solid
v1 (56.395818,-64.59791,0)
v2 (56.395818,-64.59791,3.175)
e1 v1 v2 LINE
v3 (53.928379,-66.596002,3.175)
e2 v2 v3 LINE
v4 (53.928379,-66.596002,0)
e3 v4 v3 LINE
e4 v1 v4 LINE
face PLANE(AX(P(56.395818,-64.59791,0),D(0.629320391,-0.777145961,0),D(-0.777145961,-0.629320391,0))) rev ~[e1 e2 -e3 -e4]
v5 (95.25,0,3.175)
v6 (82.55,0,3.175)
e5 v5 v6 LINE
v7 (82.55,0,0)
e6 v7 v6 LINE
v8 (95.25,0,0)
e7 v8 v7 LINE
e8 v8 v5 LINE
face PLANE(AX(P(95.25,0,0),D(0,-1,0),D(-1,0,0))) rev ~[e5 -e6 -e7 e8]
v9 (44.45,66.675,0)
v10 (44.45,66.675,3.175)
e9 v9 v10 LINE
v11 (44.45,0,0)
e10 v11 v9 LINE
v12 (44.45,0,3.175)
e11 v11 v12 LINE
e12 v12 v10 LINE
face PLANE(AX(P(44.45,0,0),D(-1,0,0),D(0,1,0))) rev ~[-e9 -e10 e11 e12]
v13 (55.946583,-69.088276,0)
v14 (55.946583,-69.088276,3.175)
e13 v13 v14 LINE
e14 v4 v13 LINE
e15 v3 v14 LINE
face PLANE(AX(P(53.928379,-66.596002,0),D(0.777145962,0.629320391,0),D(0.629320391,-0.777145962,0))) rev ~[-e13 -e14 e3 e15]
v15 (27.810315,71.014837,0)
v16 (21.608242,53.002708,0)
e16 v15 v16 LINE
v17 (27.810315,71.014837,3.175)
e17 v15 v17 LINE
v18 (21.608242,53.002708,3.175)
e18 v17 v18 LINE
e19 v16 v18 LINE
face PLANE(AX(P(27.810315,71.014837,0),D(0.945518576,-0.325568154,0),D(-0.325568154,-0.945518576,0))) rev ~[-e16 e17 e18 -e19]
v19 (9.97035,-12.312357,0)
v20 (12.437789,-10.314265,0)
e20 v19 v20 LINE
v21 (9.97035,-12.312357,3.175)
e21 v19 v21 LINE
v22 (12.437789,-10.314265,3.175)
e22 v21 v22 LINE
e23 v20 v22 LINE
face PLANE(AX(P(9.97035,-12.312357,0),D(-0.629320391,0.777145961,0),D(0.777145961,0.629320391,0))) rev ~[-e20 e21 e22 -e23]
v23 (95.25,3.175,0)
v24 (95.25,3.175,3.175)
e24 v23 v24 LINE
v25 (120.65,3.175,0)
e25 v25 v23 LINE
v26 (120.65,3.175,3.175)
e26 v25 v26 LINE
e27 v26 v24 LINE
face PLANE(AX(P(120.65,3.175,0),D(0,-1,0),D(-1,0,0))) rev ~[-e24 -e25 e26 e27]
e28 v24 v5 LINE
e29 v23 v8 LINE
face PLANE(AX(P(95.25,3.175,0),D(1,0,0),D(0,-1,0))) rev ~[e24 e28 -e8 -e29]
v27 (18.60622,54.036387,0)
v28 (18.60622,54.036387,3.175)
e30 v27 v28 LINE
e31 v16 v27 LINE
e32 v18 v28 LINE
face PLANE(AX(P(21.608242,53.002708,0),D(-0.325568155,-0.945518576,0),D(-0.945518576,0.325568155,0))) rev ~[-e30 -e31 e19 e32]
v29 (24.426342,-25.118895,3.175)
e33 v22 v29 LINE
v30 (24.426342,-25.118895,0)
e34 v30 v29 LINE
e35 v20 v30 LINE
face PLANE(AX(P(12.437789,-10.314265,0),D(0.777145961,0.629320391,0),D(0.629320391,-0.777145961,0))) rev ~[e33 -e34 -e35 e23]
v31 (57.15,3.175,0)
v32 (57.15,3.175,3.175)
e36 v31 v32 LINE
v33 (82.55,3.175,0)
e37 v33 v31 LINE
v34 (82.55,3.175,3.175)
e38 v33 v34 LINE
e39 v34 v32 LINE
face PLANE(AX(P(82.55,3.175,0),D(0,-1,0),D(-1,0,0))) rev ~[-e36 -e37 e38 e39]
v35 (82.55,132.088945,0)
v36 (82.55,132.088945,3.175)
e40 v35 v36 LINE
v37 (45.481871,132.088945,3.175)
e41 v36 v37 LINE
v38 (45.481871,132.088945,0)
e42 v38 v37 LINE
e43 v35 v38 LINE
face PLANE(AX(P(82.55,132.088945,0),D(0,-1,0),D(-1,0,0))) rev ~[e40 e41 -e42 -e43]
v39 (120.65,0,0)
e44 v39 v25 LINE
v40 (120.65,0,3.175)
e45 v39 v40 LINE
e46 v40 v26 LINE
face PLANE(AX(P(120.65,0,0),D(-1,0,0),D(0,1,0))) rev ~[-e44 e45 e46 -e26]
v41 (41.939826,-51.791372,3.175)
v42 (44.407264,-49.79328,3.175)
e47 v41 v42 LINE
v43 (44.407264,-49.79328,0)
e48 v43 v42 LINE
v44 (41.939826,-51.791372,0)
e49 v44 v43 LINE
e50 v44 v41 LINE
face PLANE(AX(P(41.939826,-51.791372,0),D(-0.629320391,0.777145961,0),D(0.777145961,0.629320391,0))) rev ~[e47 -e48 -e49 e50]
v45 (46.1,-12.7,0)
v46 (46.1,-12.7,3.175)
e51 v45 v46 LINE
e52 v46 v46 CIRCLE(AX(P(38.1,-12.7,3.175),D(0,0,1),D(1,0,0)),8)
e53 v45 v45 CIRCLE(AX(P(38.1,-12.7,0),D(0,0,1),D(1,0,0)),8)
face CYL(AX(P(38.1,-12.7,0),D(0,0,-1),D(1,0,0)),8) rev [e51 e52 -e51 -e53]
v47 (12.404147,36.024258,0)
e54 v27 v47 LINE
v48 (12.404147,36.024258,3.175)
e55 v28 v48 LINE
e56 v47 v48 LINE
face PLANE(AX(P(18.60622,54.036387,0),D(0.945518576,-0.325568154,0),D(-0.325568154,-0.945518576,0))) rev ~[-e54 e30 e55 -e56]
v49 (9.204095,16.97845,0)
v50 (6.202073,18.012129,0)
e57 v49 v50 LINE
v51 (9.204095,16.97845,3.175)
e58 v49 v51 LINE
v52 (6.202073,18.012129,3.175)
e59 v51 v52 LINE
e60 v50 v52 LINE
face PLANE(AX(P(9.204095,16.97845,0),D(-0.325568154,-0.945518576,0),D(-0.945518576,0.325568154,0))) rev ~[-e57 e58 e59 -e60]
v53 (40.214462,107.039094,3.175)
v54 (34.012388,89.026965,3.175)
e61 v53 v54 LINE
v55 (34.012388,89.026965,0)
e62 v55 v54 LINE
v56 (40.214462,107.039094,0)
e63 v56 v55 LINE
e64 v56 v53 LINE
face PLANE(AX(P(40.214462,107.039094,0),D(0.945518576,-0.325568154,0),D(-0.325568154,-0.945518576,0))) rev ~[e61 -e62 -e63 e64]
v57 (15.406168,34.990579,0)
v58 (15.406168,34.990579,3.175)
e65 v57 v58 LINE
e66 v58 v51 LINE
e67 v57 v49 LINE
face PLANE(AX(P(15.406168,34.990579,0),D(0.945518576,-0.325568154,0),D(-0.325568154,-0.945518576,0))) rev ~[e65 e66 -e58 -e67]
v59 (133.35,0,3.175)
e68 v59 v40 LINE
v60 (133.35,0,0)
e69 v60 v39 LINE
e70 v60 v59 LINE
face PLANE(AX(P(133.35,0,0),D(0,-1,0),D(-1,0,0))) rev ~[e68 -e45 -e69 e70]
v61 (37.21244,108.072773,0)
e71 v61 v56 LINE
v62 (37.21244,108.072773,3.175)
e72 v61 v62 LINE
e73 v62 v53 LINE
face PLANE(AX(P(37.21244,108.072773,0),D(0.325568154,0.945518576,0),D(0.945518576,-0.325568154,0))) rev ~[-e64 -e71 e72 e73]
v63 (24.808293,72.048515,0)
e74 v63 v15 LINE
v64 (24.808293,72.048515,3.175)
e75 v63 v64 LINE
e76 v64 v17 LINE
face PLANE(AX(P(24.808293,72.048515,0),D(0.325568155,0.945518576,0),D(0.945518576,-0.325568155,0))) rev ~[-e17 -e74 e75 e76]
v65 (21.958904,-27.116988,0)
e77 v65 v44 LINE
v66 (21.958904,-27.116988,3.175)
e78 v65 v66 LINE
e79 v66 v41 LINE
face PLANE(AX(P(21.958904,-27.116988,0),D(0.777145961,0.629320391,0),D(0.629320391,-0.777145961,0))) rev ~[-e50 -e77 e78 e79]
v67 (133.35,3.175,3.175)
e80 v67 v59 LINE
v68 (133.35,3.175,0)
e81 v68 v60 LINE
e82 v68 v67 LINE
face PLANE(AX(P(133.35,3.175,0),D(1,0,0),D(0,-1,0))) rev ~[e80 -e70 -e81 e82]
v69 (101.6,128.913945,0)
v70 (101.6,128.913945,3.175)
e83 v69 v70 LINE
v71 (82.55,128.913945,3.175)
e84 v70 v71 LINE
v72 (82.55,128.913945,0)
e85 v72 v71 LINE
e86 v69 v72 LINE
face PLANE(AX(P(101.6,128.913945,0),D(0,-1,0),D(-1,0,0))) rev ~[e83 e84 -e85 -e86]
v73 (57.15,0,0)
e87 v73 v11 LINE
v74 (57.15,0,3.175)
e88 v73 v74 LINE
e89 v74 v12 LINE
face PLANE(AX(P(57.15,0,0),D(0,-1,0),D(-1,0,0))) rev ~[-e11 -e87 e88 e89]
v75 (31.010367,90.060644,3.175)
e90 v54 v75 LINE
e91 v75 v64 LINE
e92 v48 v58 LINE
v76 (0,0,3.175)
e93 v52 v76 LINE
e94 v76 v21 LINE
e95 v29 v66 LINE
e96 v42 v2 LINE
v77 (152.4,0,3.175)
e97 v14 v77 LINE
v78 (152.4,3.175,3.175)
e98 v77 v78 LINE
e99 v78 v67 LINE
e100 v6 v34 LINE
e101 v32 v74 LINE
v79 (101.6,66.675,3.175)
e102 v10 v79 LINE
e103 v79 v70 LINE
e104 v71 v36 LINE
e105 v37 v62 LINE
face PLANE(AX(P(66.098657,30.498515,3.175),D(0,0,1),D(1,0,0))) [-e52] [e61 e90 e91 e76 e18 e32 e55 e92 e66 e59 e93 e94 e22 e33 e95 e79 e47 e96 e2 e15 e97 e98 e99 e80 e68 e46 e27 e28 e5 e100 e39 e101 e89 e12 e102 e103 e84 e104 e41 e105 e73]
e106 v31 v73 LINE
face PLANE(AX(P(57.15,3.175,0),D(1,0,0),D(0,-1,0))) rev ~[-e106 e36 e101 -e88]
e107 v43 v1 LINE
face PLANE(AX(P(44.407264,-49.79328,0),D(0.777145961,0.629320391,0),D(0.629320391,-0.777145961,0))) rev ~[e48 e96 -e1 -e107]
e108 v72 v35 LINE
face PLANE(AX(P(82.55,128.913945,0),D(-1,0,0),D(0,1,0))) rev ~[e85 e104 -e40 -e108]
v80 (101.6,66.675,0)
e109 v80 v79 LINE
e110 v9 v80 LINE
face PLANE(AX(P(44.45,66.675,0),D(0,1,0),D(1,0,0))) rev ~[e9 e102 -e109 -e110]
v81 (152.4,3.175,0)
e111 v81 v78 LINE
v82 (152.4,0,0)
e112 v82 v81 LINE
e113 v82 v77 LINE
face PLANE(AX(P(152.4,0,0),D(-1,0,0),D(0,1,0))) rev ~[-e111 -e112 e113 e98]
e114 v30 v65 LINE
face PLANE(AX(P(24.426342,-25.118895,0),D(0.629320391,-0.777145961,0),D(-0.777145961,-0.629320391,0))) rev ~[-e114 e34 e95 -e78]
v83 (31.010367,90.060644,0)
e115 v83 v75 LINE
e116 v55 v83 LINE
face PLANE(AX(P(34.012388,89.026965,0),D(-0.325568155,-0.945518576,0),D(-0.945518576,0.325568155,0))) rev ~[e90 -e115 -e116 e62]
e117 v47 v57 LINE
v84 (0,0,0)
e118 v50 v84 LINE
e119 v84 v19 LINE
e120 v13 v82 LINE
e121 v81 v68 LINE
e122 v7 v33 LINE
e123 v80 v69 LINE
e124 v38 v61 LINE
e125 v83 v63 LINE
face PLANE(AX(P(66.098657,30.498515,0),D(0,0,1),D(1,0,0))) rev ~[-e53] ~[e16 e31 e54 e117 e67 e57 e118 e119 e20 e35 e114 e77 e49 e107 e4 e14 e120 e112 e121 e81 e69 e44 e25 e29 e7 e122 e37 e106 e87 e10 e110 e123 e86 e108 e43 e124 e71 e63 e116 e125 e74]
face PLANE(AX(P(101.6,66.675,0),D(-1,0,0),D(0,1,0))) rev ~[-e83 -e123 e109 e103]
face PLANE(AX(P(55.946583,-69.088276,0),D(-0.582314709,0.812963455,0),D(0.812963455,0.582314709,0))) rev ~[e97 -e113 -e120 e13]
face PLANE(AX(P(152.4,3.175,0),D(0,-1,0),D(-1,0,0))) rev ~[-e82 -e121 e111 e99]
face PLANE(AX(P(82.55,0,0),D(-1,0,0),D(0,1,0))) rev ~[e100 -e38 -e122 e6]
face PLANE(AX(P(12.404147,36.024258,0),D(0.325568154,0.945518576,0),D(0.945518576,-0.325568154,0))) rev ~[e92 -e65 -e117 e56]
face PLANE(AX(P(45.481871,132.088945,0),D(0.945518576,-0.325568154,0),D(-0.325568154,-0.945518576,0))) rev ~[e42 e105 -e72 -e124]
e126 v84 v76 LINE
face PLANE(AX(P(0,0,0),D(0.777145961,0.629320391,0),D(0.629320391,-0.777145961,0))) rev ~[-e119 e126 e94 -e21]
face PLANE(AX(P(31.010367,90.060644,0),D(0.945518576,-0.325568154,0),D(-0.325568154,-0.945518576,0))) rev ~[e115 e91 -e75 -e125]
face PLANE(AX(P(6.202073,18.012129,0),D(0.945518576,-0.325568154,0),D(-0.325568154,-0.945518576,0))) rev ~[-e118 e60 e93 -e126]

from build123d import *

# Parameters (mm, degrees)
SKETCH1_R           = 8
BOSS_EXTRUDE1_DEPTH = 3.175


with BuildPart() as part:
    # Sketch1 → Boss-Extrude1 (new body)
    with BuildSketch(Plane.XY):
        Polygon((45.481871178, 132.088945011), (37.212440054, 108.072773191), (40.214461532, 107.039094301), (34.01238819, 89.026965435), (31.010366712, 90.060644326), (24.80829337, 72.048515461), (27.810314847, 71.01483657), (21.608241505, 53.002707705), (18.606220027, 54.036386596), (12.404146685, 36.02425773), (15.406168162, 34.99057884), (9.20409482, 16.978449975), (6.202073342, 18.012128865), (0, 0), (9.97035014, -12.312357038), (12.437788568, -10.314264796), (24.426342017, -25.118895362), (21.95890359, -27.116987604), (41.939826006, -51.79137188), (44.407264433, -49.793279638), (56.395817883, -64.597910204), (53.928379455, -66.596002446), (55.946582764, -69.088275974), (152.4, 0), (152.4, 3.175), (133.35, 3.175), (133.35, 0), (120.65, 0), (120.65, 3.175), (95.25, 3.175), (95.25, 0), (82.55, 0), (82.55, 3.175), (57.15, 3.175), (57.15, 0), (44.45, 0), (44.45, 3.175), (44.45, 66.675), (101.6, 66.675), (101.6, 128.913945011), (82.55, 128.913945011), (82.55, 132.088945011), align=None)
        with Locations((38.1, -12.7)):
            Circle(SKETCH1_R, mode=Mode.SUBTRACT)
    extrude(amount=BOSS_EXTRUDE1_DEPTH)


solid = part.part
